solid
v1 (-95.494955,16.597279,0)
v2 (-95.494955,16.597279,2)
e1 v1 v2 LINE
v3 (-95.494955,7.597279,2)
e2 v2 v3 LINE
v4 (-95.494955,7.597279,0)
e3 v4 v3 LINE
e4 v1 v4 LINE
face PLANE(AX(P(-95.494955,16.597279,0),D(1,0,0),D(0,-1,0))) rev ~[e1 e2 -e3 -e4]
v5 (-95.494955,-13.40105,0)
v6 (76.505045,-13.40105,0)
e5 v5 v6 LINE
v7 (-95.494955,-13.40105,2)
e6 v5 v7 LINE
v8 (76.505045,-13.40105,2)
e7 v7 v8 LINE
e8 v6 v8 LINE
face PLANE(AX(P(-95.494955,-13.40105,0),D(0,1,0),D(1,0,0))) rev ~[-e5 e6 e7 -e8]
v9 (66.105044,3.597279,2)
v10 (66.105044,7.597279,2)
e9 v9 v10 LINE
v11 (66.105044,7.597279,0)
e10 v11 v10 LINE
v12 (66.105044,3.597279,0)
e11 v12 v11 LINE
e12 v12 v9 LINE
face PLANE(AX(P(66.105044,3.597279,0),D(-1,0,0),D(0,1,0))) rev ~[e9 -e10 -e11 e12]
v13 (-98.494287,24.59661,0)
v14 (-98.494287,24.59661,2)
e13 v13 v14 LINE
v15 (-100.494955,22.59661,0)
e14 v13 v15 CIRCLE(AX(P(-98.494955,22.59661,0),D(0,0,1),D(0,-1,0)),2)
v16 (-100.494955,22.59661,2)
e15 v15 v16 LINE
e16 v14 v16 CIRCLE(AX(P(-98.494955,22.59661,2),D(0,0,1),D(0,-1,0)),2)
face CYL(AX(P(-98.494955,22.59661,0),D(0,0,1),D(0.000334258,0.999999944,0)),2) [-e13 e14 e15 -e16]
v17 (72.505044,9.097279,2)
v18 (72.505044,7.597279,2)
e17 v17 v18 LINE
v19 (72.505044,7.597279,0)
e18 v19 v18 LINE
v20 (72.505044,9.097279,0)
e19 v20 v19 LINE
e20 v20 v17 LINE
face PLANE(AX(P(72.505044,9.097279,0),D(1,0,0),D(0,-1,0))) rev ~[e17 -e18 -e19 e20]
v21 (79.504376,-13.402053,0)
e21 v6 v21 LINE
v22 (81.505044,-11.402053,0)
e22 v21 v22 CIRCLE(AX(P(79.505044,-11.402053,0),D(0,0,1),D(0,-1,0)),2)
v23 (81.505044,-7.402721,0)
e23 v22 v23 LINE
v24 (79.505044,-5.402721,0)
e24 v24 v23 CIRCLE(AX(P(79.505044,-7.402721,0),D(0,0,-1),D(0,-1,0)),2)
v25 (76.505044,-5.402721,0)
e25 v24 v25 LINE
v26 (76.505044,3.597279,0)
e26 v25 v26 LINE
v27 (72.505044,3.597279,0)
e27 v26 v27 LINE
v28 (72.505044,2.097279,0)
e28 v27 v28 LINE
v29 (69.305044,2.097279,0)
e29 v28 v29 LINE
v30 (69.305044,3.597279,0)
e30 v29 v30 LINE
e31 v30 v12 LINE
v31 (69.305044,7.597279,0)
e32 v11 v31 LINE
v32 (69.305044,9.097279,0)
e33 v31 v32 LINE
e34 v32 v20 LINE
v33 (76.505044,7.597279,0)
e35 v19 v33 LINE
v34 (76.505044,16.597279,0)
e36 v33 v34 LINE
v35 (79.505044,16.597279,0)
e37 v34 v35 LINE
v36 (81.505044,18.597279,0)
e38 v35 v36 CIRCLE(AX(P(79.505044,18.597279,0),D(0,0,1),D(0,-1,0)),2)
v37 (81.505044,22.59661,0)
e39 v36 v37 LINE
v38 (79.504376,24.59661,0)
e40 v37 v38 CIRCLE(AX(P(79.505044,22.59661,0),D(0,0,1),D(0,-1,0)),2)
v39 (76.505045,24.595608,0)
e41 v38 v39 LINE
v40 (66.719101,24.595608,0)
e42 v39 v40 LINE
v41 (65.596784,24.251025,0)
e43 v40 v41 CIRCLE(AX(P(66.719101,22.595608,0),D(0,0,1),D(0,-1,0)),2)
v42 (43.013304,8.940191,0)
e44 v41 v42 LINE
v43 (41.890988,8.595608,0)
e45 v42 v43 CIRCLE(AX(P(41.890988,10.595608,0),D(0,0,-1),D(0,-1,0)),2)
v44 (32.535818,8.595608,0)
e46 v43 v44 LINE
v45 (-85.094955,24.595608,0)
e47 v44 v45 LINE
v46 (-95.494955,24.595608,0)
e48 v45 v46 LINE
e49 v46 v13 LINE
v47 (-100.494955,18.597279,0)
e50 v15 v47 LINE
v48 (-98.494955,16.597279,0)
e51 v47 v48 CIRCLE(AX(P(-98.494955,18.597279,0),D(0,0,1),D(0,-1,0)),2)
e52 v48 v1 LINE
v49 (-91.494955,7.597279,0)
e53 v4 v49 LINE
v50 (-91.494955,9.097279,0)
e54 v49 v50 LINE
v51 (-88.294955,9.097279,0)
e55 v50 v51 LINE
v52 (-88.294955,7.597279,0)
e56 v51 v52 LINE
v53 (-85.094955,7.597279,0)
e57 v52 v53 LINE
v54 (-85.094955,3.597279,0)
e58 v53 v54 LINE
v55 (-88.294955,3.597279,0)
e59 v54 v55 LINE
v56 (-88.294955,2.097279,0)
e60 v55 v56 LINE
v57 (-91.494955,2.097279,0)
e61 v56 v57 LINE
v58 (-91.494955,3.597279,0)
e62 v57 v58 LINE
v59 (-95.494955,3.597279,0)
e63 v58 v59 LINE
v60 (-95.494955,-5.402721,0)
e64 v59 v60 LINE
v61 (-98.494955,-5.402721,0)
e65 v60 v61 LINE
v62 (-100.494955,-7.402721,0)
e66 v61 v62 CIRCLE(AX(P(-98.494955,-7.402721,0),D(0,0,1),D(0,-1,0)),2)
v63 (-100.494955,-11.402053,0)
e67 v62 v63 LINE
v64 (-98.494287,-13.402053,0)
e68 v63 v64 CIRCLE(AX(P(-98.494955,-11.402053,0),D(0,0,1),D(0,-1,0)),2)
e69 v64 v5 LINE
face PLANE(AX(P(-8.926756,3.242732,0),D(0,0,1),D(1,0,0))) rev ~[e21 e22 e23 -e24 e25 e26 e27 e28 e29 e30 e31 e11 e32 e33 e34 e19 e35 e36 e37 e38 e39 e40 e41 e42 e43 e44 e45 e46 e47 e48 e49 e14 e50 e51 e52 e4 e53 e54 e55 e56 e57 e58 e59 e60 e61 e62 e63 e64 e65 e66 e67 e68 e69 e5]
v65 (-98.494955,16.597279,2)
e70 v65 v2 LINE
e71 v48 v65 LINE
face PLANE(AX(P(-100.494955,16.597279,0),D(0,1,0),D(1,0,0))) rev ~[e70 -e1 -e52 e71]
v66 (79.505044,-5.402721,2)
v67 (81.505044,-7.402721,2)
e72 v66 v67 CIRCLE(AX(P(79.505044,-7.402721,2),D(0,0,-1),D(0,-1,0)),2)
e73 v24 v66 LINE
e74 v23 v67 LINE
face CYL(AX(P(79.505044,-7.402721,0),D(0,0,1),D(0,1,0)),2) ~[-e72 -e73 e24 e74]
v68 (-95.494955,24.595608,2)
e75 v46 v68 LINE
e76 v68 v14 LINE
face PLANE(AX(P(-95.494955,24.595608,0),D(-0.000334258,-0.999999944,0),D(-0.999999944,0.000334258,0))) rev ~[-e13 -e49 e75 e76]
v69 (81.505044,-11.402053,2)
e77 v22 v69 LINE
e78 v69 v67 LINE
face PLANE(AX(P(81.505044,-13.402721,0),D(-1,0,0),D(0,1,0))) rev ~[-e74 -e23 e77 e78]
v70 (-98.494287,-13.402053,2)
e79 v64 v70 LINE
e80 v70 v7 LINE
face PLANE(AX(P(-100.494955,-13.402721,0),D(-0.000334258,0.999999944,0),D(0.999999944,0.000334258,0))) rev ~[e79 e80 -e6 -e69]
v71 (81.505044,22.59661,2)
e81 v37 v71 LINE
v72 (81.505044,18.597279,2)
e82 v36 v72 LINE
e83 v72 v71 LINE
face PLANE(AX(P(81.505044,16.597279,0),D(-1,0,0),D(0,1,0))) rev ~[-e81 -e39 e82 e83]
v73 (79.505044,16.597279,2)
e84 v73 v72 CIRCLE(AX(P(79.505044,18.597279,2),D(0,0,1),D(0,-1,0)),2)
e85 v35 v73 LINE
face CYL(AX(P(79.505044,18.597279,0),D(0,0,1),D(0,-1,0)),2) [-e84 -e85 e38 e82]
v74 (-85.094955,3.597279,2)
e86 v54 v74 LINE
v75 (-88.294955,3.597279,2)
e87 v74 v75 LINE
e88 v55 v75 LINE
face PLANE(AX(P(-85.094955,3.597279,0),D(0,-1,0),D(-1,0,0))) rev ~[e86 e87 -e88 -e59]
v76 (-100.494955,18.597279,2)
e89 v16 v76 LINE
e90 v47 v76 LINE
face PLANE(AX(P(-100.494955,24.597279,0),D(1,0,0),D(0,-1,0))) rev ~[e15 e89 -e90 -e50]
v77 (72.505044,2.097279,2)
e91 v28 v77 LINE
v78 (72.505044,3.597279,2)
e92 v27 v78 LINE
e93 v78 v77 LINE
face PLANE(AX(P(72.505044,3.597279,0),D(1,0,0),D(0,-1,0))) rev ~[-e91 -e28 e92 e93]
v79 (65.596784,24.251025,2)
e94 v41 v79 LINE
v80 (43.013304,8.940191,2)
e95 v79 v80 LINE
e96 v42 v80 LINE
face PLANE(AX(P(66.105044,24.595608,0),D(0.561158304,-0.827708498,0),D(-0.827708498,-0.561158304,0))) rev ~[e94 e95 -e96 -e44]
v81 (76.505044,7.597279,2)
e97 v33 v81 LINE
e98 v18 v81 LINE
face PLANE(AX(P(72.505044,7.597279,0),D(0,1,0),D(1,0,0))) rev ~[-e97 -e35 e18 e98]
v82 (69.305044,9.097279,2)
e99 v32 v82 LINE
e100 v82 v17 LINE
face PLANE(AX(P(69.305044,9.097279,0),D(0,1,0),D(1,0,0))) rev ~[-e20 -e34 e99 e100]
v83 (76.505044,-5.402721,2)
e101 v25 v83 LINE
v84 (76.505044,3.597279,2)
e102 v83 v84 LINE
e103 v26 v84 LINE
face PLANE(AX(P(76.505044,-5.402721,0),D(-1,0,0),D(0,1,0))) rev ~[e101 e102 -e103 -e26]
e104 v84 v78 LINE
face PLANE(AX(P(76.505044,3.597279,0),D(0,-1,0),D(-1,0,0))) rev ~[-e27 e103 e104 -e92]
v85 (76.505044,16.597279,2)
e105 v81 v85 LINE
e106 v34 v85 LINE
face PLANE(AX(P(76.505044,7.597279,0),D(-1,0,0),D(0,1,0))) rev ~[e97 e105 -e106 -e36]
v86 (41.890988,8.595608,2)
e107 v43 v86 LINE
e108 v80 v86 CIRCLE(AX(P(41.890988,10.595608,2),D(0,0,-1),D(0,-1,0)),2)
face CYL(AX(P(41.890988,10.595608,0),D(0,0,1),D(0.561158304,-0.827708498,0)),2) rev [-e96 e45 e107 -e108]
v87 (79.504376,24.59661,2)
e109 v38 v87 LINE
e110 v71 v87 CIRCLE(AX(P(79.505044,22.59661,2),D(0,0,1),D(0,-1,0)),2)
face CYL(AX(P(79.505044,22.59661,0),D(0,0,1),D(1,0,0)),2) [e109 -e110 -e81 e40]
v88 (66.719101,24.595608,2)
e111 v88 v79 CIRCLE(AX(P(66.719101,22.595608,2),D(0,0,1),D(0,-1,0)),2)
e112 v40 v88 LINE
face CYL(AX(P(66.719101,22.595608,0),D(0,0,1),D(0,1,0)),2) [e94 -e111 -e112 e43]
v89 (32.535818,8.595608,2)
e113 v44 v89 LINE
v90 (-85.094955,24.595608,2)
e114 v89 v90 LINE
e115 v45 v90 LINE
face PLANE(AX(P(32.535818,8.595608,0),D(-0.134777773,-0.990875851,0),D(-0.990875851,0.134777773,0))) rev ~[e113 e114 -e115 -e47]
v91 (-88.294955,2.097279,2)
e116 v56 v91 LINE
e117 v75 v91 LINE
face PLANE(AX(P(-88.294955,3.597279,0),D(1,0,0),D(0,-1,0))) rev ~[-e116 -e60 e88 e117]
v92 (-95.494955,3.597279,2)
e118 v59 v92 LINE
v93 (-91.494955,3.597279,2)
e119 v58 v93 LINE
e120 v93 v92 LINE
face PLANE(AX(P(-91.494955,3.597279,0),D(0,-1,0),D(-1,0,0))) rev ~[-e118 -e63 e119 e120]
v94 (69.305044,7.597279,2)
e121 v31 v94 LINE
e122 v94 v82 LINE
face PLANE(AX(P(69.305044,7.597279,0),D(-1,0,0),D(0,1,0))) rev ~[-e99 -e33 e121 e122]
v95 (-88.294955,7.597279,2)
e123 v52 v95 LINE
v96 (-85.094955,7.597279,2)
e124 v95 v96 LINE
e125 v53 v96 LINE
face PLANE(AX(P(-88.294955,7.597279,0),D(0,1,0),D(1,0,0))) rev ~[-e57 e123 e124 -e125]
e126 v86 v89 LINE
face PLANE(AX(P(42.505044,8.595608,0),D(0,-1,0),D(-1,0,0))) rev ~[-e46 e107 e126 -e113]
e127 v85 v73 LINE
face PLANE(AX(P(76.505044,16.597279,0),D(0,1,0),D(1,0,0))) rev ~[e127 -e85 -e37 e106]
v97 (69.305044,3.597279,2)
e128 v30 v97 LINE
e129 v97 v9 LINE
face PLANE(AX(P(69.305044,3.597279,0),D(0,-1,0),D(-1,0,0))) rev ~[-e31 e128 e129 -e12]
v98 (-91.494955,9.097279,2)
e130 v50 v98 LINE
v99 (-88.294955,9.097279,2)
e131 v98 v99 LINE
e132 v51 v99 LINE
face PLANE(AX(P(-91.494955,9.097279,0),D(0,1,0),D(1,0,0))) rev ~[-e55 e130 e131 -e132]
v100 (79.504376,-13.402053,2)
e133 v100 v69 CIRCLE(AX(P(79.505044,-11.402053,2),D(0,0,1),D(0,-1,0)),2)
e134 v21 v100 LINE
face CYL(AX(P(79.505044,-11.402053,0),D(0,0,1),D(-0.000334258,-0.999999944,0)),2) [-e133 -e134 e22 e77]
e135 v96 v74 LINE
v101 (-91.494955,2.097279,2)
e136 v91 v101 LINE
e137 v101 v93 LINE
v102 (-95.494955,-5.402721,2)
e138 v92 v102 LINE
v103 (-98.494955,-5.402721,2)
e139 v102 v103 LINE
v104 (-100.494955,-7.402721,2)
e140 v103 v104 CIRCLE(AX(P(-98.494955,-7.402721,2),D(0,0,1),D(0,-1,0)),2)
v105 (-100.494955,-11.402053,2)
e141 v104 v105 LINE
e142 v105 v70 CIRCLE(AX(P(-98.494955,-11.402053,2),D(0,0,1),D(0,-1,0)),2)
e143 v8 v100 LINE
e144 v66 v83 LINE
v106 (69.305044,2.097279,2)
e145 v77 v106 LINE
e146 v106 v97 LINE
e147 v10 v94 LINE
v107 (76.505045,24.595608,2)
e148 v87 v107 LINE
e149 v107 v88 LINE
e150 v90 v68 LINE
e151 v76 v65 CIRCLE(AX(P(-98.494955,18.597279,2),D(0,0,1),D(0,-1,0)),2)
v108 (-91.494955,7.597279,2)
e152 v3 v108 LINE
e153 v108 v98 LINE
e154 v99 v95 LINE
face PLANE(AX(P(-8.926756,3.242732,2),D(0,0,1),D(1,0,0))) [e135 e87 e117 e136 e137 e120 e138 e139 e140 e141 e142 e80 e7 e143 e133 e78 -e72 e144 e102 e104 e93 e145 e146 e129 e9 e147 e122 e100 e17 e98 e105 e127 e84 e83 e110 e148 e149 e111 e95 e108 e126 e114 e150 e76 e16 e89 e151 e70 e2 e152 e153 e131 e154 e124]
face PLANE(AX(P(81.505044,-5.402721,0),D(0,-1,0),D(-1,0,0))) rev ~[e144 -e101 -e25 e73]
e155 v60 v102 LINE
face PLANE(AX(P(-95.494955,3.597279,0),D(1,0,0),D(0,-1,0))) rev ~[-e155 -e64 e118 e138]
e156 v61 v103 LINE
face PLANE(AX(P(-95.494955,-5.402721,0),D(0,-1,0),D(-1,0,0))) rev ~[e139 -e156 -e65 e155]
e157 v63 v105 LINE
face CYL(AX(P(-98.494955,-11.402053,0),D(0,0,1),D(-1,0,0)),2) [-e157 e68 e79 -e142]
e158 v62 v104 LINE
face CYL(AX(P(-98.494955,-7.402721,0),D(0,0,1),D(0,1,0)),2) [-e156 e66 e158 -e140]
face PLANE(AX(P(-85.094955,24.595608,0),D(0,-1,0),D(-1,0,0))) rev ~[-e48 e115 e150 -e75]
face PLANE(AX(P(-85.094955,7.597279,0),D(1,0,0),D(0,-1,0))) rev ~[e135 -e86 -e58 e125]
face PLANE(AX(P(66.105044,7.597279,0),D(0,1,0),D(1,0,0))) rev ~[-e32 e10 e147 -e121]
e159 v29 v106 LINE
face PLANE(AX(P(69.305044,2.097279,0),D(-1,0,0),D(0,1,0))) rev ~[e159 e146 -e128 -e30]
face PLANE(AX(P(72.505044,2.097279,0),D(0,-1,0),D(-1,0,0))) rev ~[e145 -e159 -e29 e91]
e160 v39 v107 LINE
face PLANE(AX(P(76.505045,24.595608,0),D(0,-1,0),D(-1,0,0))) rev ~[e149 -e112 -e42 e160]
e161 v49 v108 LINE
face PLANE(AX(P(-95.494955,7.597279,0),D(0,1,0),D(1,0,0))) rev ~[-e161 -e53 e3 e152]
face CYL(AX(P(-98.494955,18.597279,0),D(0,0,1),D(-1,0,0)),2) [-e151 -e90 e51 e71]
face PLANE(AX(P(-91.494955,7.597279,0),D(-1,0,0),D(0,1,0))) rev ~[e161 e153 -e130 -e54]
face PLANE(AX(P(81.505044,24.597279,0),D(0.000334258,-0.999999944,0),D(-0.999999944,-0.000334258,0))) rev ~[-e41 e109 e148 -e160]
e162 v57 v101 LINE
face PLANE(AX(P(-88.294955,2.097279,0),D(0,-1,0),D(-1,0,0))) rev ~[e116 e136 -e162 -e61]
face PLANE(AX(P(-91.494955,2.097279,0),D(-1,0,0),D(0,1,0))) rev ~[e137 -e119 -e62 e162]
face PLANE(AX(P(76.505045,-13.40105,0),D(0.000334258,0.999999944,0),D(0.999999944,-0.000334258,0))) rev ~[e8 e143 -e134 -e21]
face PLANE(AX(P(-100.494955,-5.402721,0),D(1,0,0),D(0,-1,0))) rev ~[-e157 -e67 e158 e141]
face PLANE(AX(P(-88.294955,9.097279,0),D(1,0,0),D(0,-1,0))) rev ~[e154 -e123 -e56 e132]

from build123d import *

# Parameters (mm, degrees)
EXTRUDE_1_DEPTH = 2
FILLET_1_R      = 2


with BuildPart() as part:
    # 草图1 → 凸台-拉伸1 (new body)
    with BuildSketch(Plane.XY):
        Polygon((81.505044408, -5.402721296), (76.505044408, -5.402721296), (76.505044408, 3.597278862), (72.505044408, 3.597278862), (72.505044408, 2.097278862), (69.305044408, 2.097278862), (69.305044408, 3.597278862), (66.105044408, 3.597278862), (66.105044408, 7.597278862), (69.305044408, 7.597278862), (69.305044408, 9.097278862), (72.505044408, 9.097278862), (72.505044408, 7.597278862), (76.505044408, 7.597278862), (76.505044408, 16.59727902), (81.505044408, 16.59727902), (81.505044408, 24.59727902), (76.505044688, 24.595607728), (66.105044408, 24.595607728), (42.505044408, 8.595607728), (32.535817857, 8.595607728), (-85.094955033, 24.595607728), (-95.494955312, 24.595607728), (-100.494955033, 24.59727902), (-100.494955033, 16.59727902), (-95.494955033, 16.59727902), (-95.494955033, 7.597278862), (-91.494955033, 7.597278862), (-91.494955033, 9.097278862), (-88.294955033, 9.097278862), (-88.294955033, 7.597278862), (-85.094955033, 7.597278862), (-85.094955033, 3.597278862), (-88.294955033, 3.597278862), (-88.294955033, 2.097278862), (-91.494955033, 2.097278862), (-91.494955033, 3.597278862), (-95.494955033, 3.597278862), (-95.494955033, -5.402721296), (-100.494955033, -5.402721296), (-100.494955033, -13.402721296), (-95.494955312, -13.401050004), (76.505044688, -13.401050004), (81.505044408, -13.402721296), align=None)
    extrude(amount=EXTRUDE_1_DEPTH)

    # 圆角1
    fillet_1_edges = [part.edges().sort_by_distance(p)[0] for p in [
        (42.505044408, 8.595607728, 1),
        (66.105044408, 24.595607728, 1),
        (81.505044408, 24.59727902, 1),
        (81.505044408, 16.59727902, 1),
        (81.505044408, -5.402721296, 1),
        (81.505044408, -13.402721296, 1),
        (-100.494955033, -13.402721296, 1),
        (-100.494955033, -5.402721296, 1),
        (-100.494955033, 16.59727902, 1),
        (-100.494955033, 24.59727902, 1),
    ]]
    fillet(fillet_1_edges, radius=FILLET_1_R)


solid = part.part
